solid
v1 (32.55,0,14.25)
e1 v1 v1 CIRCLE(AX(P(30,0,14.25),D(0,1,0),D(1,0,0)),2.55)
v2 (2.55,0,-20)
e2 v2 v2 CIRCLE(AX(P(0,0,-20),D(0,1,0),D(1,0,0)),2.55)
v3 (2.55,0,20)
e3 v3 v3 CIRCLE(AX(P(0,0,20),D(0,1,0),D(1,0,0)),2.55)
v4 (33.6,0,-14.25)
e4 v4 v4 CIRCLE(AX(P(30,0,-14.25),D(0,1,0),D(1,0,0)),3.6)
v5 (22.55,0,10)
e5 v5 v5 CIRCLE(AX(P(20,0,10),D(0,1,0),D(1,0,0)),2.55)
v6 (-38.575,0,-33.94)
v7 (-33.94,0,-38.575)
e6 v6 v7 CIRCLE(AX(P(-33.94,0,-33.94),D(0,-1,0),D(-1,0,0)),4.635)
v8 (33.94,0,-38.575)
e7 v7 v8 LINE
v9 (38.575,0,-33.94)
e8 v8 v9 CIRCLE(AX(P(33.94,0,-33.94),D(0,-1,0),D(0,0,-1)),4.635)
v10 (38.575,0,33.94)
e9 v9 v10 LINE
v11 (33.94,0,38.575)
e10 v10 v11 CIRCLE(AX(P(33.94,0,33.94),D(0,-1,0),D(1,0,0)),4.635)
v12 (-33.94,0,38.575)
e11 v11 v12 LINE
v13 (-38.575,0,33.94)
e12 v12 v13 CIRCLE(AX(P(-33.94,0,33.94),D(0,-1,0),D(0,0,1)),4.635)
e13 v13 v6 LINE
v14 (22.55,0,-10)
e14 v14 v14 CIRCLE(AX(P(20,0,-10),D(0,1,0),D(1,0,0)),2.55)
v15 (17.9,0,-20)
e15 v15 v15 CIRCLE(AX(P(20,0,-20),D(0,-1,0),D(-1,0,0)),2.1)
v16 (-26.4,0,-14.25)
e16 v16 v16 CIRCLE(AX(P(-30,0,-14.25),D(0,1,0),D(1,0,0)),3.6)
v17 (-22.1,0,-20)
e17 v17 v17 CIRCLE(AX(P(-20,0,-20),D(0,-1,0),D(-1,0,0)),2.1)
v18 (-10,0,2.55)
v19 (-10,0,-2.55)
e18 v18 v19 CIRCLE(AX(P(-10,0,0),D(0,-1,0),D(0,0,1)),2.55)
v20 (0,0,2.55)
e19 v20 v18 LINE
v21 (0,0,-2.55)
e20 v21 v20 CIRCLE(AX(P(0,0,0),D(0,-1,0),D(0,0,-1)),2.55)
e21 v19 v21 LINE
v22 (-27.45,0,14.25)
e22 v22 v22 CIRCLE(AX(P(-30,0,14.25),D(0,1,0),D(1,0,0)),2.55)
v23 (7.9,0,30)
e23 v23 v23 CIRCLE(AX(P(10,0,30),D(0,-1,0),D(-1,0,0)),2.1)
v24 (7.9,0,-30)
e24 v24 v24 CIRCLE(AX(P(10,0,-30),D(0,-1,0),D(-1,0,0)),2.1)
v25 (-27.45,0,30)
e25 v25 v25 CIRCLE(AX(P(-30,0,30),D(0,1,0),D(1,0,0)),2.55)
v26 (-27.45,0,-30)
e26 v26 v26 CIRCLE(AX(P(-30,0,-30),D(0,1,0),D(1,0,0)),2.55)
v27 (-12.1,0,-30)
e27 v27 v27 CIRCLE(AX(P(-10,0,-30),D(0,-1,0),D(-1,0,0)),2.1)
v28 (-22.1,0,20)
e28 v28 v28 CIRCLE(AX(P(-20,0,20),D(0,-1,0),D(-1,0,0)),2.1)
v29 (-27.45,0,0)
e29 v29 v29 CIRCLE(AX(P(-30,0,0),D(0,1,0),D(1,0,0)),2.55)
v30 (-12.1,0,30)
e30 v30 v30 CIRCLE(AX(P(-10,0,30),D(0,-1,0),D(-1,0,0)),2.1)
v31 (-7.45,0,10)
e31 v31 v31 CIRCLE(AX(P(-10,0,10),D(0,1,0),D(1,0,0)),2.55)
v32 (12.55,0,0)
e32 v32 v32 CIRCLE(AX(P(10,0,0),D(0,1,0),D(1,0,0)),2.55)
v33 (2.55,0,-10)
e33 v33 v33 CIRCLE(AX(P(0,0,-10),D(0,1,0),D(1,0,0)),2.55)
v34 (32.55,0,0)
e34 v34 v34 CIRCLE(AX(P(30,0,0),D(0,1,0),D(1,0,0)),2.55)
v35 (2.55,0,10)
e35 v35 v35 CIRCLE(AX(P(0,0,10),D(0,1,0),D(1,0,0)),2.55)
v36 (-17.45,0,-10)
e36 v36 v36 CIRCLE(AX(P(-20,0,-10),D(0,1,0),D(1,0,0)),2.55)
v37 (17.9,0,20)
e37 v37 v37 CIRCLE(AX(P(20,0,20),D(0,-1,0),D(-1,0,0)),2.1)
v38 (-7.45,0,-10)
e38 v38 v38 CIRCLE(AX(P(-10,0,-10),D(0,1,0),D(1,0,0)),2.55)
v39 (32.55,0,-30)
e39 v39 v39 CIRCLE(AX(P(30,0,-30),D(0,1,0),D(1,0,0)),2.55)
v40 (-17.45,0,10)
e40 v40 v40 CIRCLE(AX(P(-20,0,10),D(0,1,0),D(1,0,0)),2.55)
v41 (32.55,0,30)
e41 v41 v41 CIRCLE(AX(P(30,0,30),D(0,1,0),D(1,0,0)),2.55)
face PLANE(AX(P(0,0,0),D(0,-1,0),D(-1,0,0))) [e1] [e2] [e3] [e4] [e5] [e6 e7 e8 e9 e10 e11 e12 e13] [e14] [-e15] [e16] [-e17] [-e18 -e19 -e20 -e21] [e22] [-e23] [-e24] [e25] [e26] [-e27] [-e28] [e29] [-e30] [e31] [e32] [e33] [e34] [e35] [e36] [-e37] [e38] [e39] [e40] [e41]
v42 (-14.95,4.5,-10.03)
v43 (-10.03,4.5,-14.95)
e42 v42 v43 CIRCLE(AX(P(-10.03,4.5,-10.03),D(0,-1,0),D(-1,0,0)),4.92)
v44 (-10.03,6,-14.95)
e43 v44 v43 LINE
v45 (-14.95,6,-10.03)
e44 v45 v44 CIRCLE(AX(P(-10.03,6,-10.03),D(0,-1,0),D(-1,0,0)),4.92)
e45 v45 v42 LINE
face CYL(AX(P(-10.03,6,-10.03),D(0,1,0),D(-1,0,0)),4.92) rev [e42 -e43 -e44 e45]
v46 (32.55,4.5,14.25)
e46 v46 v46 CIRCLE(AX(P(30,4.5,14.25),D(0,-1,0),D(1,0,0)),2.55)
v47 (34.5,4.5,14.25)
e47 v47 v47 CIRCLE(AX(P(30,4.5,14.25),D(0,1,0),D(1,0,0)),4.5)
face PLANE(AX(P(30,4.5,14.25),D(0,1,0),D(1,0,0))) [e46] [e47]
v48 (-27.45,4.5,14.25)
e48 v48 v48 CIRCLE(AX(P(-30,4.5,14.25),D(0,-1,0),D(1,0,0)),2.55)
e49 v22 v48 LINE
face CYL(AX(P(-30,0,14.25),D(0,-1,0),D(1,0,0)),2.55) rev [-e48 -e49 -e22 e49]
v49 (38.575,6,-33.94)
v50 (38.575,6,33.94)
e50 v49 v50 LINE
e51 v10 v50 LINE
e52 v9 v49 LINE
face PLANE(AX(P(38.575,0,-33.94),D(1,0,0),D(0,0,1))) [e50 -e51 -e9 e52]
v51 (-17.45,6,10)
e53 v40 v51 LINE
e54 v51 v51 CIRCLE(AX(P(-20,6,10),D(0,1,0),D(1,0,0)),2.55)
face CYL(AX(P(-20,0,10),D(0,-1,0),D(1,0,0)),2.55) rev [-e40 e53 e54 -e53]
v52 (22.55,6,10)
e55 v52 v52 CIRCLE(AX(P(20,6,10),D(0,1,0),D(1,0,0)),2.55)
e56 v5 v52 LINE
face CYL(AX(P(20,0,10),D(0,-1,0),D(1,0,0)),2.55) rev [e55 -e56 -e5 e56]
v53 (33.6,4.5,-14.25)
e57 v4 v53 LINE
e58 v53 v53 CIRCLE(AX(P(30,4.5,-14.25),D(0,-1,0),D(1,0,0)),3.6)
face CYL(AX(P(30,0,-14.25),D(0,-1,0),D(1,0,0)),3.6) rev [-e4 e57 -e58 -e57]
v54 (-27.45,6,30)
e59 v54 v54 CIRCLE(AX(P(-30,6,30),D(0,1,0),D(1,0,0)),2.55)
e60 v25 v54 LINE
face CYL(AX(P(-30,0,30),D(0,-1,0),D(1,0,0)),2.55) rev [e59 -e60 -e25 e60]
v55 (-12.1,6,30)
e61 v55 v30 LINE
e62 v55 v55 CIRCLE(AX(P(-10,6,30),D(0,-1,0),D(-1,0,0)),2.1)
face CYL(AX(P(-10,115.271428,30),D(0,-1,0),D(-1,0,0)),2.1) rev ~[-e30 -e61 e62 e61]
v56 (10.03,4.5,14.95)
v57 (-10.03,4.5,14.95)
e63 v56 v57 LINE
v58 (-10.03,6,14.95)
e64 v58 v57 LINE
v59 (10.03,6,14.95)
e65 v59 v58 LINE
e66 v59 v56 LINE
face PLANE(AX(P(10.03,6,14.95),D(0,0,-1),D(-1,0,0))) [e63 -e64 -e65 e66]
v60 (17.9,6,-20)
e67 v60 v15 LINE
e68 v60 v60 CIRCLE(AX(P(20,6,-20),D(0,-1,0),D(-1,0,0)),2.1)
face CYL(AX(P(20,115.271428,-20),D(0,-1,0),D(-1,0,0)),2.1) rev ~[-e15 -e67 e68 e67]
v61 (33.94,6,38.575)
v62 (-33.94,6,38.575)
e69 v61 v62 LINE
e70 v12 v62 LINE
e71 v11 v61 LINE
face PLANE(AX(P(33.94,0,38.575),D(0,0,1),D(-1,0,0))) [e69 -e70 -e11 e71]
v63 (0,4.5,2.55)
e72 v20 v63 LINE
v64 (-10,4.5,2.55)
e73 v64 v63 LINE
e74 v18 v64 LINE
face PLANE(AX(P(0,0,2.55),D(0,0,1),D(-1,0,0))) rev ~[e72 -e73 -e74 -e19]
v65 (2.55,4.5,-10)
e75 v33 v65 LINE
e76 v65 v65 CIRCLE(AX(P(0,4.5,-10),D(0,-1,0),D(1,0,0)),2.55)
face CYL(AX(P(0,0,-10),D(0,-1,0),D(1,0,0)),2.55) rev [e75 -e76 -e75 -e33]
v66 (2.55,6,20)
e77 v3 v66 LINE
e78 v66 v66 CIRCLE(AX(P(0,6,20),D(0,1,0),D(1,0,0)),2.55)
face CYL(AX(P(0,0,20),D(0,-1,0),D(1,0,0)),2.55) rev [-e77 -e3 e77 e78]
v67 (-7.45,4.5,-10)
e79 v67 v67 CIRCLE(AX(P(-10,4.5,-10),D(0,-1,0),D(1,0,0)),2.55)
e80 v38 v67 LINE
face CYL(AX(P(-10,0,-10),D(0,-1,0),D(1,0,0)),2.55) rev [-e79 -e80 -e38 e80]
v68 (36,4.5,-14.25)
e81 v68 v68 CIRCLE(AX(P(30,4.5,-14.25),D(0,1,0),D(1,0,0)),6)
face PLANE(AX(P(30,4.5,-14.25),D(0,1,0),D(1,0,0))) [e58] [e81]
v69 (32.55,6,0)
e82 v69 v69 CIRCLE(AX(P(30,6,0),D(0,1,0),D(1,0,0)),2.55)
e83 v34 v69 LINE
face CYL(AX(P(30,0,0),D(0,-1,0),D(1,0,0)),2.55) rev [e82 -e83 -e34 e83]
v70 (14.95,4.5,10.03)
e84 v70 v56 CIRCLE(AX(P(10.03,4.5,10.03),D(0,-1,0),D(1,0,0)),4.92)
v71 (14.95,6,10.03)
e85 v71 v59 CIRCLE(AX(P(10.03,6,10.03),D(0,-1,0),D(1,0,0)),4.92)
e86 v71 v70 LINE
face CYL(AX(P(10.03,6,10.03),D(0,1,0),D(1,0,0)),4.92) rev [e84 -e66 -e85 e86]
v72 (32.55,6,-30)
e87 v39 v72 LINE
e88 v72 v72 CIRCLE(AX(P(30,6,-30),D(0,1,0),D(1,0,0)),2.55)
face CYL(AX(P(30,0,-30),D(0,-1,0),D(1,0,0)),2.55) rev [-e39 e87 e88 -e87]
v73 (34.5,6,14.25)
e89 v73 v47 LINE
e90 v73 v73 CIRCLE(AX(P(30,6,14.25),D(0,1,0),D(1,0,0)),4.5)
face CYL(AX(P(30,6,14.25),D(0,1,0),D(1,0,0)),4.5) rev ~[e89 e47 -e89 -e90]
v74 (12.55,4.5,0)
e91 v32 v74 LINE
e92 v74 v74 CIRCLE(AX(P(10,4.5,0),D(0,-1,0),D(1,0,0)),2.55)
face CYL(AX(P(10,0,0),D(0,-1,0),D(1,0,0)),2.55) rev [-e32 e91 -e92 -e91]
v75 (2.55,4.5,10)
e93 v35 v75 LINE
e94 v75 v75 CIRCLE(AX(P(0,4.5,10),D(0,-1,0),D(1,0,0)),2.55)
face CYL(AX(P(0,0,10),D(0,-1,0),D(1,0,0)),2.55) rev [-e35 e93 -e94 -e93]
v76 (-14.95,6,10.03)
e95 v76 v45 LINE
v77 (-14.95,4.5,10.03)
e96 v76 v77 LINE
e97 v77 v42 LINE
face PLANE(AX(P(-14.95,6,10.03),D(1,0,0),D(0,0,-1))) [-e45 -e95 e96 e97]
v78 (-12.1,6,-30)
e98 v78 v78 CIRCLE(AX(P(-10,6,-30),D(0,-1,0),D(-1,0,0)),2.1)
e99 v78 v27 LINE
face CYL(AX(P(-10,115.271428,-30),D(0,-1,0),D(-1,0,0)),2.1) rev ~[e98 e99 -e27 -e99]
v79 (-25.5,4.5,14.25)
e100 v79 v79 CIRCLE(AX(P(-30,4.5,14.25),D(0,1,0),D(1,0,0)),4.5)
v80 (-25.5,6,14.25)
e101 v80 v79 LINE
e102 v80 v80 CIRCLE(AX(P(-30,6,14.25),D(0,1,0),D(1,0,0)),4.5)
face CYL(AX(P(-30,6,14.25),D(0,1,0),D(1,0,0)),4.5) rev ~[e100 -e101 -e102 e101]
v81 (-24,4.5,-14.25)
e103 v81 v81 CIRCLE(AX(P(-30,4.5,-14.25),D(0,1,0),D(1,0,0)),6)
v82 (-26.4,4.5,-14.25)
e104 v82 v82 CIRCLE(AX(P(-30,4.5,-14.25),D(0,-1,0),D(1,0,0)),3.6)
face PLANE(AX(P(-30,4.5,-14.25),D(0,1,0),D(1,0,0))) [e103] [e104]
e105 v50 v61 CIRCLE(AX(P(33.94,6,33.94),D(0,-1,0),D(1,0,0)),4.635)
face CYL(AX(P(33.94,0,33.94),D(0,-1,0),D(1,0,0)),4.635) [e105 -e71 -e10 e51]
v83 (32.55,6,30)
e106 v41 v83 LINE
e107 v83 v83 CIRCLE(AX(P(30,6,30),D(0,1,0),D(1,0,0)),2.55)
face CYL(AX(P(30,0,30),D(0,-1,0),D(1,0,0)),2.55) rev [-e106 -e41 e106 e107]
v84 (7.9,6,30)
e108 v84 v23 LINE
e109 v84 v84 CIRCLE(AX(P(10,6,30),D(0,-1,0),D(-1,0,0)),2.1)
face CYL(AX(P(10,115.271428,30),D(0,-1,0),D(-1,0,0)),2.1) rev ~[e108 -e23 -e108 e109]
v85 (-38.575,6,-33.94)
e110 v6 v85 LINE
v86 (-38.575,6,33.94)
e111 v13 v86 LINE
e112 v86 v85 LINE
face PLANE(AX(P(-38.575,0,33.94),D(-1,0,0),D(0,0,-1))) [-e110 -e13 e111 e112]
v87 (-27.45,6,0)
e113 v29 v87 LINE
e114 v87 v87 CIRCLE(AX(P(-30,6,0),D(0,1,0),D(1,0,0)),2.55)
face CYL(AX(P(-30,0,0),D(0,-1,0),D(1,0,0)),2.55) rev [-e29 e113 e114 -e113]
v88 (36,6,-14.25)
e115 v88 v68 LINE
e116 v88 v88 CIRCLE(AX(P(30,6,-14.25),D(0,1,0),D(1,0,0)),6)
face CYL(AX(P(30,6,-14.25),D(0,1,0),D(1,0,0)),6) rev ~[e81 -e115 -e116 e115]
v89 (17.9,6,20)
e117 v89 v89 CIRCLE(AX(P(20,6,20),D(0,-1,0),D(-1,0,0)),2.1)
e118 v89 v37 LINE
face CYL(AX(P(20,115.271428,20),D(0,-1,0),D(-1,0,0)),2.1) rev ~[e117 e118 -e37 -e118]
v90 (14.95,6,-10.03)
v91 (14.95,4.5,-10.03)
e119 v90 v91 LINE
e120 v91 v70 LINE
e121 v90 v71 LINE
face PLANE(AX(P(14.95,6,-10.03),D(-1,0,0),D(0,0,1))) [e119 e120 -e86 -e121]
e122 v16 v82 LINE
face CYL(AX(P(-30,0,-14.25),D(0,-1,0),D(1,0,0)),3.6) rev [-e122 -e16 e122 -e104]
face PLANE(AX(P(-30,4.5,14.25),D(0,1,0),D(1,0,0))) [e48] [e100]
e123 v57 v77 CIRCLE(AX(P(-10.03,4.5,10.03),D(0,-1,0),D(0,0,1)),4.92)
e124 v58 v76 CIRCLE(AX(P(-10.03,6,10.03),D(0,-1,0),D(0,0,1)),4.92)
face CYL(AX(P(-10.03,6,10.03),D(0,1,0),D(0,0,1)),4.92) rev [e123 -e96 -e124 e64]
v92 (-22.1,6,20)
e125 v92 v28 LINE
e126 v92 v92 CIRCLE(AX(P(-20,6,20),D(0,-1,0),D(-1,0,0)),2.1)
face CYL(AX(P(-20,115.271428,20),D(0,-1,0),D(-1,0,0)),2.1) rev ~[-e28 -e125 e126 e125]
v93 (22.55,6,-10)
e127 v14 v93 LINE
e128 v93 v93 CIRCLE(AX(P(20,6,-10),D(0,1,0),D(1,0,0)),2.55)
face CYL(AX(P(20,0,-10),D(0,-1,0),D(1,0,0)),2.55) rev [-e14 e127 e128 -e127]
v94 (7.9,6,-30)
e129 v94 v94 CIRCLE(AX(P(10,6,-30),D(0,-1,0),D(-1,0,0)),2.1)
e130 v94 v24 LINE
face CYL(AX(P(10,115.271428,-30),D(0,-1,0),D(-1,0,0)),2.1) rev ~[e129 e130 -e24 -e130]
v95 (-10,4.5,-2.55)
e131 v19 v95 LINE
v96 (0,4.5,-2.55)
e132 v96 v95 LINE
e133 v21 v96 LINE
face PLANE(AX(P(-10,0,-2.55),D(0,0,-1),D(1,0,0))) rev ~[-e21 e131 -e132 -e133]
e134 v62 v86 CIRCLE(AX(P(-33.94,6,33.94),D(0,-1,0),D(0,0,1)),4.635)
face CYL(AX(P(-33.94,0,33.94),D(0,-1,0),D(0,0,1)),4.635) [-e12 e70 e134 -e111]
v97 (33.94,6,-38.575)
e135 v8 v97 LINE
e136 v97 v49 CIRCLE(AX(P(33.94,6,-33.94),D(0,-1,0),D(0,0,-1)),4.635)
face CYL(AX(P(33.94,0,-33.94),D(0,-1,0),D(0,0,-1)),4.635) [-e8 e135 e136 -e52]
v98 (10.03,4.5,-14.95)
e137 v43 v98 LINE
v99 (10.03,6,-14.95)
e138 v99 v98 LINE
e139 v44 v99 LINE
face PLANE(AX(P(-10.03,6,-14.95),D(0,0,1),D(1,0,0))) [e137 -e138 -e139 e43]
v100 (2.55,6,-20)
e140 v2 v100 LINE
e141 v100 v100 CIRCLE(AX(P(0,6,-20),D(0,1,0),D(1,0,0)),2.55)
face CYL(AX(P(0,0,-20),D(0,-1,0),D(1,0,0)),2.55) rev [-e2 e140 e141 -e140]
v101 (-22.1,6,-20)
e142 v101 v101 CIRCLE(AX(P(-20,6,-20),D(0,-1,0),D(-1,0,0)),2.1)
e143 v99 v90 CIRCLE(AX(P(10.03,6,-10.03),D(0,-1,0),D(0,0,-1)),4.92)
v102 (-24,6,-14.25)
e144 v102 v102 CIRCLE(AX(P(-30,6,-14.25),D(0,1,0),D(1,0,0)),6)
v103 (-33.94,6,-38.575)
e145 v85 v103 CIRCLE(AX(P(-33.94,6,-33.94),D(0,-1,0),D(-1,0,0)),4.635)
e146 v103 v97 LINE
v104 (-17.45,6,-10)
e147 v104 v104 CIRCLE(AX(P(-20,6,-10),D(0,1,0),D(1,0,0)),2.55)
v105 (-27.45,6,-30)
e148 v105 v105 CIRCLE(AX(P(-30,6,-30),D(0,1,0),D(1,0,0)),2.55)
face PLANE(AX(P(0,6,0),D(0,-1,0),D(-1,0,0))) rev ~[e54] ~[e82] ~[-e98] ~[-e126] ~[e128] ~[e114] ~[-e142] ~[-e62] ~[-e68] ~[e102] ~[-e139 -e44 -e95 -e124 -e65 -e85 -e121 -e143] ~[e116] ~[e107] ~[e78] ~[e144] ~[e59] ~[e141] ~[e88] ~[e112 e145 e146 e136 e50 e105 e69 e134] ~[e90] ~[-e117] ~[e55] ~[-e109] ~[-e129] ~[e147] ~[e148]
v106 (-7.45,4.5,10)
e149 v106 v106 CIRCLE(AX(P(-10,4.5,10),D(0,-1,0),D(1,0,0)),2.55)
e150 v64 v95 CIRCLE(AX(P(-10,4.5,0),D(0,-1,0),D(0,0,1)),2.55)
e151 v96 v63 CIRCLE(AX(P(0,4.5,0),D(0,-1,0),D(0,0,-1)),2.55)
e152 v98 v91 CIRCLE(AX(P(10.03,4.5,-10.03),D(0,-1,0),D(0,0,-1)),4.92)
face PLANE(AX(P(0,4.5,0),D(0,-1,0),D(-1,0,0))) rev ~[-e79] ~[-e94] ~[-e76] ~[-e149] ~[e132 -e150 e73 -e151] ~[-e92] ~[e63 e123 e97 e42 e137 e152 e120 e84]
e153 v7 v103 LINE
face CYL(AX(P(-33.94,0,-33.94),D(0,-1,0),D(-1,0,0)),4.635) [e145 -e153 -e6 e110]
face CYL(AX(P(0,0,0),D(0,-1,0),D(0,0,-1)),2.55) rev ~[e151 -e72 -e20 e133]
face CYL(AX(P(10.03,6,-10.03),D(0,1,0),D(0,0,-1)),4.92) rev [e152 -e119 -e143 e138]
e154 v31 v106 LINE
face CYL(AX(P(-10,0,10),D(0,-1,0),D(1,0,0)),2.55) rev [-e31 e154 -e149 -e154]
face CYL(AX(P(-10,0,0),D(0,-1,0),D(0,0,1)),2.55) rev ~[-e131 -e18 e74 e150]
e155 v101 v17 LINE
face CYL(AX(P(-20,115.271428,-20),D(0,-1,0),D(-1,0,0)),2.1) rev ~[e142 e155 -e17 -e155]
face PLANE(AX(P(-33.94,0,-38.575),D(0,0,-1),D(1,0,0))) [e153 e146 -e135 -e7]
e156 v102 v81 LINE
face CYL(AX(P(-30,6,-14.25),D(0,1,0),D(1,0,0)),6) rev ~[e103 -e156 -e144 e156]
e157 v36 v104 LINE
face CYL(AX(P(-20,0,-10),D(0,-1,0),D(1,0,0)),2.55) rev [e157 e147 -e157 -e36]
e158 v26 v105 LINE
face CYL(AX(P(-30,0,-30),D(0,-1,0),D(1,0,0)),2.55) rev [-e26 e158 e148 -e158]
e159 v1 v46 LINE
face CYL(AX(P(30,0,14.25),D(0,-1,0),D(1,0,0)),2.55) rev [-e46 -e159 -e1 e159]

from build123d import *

# Parameters (mm, degrees)
SKETCH1_R             = 3.6
SKETCH1_R_2           = 2.55
BOSS_EXTRUDE1_DEPTH   = 6
M5X0_8_TAPPED_HOLE1_D = 4.2
SKETCH2_R             = 6
SKETCH2_R_2           = 4.5
CUT_EXTRUDE1_DEPTH    = 1.5


with BuildPart() as part:
    # Sketch1 → Boss-Extrude1 (new body)
    with BuildSketch(Plane(origin=(0, 0, 0), x_dir=(1, 0, 0), z_dir=(0, 1, 0))):
        with BuildLine():
            Line((33.94, -38.575), (-33.94, -38.575))
            ThreePointArc((-33.94, -38.575), (-37.217439931, -37.217439931), (-38.575, -33.94))
            Line((-38.575, -33.94), (-38.575, 33.94))
            ThreePointArc((-38.575, 33.94), (-37.217439931, 37.217439931), (-33.94, 38.575))
            Line((-33.94, 38.575), (33.94, 38.575))
            ThreePointArc((33.94, 38.575), (37.217439931, 37.217439931), (38.575, 33.94))
            Line((38.575, 33.94), (38.575, -33.94))
            ThreePointArc((38.575, -33.94), (37.217439931, -37.217439931), (33.94, -38.575))
        make_face()
        with Locations((-30, 14.25)):
            Circle(SKETCH1_R, mode=Mode.SUBTRACT)
        with Locations((-20, 10)):
            Circle(SKETCH1_R_2, mode=Mode.SUBTRACT)
        with Locations((0, 20)):
            Circle(SKETCH1_R_2, mode=Mode.SUBTRACT)
        with Locations((0, 10)):
            Circle(SKETCH1_R_2, mode=Mode.SUBTRACT)
        with Locations((-10, 10)):
            Circle(SKETCH1_R_2, mode=Mode.SUBTRACT)
        with Locations((-30, 30)):
            Circle(SKETCH1_R_2, mode=Mode.SUBTRACT)
        with Locations((-30, 0)):
            Circle(SKETCH1_R_2, mode=Mode.SUBTRACT)
        with Locations((30, 30)):
            Circle(SKETCH1_R_2, mode=Mode.SUBTRACT)
        with Locations((30, 14.25)):
            Circle(SKETCH1_R, mode=Mode.SUBTRACT)
        with Locations((30, 0)):
            Circle(SKETCH1_R_2, mode=Mode.SUBTRACT)
        with Locations((20, 10)):
            Circle(SKETCH1_R_2, mode=Mode.SUBTRACT)
        with Locations((20, -10)):
            Circle(SKETCH1_R_2, mode=Mode.SUBTRACT)
        with Locations((-30, -30)):
            Circle(SKETCH1_R_2, mode=Mode.SUBTRACT)
        with Locations((30, -30)):
            Circle(SKETCH1_R_2, mode=Mode.SUBTRACT)
        with Locations((-20, -10)):
            Circle(SKETCH1_R_2, mode=Mode.SUBTRACT)
        with Locations((0, -20)):
            Circle(SKETCH1_R_2, mode=Mode.SUBTRACT)
        with Locations((0, -10)):
            Circle(SKETCH1_R_2, mode=Mode.SUBTRACT)
        with Locations((-10, -10)):
            Circle(SKETCH1_R_2, mode=Mode.SUBTRACT)
        with Locations((10, 0)):
            Circle(SKETCH1_R_2, mode=Mode.SUBTRACT)
        with Locations((30, -14.25)):
            Circle(SKETCH1_R_2, mode=Mode.SUBTRACT)
        with Locations((-30, -14.25)):
            Circle(SKETCH1_R_2, mode=Mode.SUBTRACT)
        with BuildLine():
            Line((0, -2.55), (-10, -2.55))
            ThreePointArc((-10, -2.55), (-12.55, 0), (-10, 2.55))
            Line((-10, 2.55), (0, 2.55))
            ThreePointArc((0, 2.55), (2.55, 0), (0, -2.55))
        make_face(mode=Mode.SUBTRACT)
    extrude(amount=BOSS_EXTRUDE1_DEPTH)

    # M5x0.8 Tapped Hole1 (through all)
    with Locations(Plane(origin=(0, 6, 0), x_dir=(1, 0, 0), z_dir=(0, 1, 0))):
        with Locations((-20, 20), (-10, 30), (10, 30), (20, 20), (20, -20), (10, -30), (-10, -30), (-20, -20)):
            Hole(M5X0_8_TAPPED_HOLE1_D / 2)

    # Sketch2 → Cut-Extrude1 (cut)
    with BuildSketch(Plane(origin=(0, 6, 0), x_dir=(1, 0, 0), z_dir=(0, 1, 0))):
        with Locations((-30, 14.25)):
            Circle(SKETCH2_R)
        with Locations((30, 14.25)):
            Circle(SKETCH2_R)
        with Locations((30, -14.25)):
            Circle(SKETCH2_R_2)
        with Locations((-30, -14.25)):
            Circle(SKETCH2_R_2)
        with BuildLine():
            Line((10.03, -14.95), (-10.03, -14.95))
            ThreePointArc((-10.03, -14.95), (-13.508965363, -13.508965363), (-14.95, -10.03))
            Line((-14.95, -10.03), (-14.95, 10.03))
            ThreePointArc((-14.95, 10.03), (-13.508965363, 13.508965363), (-10.03, 14.95))
            Line((-10.03, 14.95), (10.03, 14.95))
            ThreePointArc((10.03, 14.95), (13.508965363, 13.508965363), (14.95, 10.03))
            Line((14.95, 10.03), (14.95, -10.03))
            ThreePointArc((14.95, -10.03), (13.508965363, -13.508965363), (10.03, -14.95))
        make_face()
    extrude(amount=-CUT_EXTRUDE1_DEPTH, mode=Mode.SUBTRACT)


solid = part.part
